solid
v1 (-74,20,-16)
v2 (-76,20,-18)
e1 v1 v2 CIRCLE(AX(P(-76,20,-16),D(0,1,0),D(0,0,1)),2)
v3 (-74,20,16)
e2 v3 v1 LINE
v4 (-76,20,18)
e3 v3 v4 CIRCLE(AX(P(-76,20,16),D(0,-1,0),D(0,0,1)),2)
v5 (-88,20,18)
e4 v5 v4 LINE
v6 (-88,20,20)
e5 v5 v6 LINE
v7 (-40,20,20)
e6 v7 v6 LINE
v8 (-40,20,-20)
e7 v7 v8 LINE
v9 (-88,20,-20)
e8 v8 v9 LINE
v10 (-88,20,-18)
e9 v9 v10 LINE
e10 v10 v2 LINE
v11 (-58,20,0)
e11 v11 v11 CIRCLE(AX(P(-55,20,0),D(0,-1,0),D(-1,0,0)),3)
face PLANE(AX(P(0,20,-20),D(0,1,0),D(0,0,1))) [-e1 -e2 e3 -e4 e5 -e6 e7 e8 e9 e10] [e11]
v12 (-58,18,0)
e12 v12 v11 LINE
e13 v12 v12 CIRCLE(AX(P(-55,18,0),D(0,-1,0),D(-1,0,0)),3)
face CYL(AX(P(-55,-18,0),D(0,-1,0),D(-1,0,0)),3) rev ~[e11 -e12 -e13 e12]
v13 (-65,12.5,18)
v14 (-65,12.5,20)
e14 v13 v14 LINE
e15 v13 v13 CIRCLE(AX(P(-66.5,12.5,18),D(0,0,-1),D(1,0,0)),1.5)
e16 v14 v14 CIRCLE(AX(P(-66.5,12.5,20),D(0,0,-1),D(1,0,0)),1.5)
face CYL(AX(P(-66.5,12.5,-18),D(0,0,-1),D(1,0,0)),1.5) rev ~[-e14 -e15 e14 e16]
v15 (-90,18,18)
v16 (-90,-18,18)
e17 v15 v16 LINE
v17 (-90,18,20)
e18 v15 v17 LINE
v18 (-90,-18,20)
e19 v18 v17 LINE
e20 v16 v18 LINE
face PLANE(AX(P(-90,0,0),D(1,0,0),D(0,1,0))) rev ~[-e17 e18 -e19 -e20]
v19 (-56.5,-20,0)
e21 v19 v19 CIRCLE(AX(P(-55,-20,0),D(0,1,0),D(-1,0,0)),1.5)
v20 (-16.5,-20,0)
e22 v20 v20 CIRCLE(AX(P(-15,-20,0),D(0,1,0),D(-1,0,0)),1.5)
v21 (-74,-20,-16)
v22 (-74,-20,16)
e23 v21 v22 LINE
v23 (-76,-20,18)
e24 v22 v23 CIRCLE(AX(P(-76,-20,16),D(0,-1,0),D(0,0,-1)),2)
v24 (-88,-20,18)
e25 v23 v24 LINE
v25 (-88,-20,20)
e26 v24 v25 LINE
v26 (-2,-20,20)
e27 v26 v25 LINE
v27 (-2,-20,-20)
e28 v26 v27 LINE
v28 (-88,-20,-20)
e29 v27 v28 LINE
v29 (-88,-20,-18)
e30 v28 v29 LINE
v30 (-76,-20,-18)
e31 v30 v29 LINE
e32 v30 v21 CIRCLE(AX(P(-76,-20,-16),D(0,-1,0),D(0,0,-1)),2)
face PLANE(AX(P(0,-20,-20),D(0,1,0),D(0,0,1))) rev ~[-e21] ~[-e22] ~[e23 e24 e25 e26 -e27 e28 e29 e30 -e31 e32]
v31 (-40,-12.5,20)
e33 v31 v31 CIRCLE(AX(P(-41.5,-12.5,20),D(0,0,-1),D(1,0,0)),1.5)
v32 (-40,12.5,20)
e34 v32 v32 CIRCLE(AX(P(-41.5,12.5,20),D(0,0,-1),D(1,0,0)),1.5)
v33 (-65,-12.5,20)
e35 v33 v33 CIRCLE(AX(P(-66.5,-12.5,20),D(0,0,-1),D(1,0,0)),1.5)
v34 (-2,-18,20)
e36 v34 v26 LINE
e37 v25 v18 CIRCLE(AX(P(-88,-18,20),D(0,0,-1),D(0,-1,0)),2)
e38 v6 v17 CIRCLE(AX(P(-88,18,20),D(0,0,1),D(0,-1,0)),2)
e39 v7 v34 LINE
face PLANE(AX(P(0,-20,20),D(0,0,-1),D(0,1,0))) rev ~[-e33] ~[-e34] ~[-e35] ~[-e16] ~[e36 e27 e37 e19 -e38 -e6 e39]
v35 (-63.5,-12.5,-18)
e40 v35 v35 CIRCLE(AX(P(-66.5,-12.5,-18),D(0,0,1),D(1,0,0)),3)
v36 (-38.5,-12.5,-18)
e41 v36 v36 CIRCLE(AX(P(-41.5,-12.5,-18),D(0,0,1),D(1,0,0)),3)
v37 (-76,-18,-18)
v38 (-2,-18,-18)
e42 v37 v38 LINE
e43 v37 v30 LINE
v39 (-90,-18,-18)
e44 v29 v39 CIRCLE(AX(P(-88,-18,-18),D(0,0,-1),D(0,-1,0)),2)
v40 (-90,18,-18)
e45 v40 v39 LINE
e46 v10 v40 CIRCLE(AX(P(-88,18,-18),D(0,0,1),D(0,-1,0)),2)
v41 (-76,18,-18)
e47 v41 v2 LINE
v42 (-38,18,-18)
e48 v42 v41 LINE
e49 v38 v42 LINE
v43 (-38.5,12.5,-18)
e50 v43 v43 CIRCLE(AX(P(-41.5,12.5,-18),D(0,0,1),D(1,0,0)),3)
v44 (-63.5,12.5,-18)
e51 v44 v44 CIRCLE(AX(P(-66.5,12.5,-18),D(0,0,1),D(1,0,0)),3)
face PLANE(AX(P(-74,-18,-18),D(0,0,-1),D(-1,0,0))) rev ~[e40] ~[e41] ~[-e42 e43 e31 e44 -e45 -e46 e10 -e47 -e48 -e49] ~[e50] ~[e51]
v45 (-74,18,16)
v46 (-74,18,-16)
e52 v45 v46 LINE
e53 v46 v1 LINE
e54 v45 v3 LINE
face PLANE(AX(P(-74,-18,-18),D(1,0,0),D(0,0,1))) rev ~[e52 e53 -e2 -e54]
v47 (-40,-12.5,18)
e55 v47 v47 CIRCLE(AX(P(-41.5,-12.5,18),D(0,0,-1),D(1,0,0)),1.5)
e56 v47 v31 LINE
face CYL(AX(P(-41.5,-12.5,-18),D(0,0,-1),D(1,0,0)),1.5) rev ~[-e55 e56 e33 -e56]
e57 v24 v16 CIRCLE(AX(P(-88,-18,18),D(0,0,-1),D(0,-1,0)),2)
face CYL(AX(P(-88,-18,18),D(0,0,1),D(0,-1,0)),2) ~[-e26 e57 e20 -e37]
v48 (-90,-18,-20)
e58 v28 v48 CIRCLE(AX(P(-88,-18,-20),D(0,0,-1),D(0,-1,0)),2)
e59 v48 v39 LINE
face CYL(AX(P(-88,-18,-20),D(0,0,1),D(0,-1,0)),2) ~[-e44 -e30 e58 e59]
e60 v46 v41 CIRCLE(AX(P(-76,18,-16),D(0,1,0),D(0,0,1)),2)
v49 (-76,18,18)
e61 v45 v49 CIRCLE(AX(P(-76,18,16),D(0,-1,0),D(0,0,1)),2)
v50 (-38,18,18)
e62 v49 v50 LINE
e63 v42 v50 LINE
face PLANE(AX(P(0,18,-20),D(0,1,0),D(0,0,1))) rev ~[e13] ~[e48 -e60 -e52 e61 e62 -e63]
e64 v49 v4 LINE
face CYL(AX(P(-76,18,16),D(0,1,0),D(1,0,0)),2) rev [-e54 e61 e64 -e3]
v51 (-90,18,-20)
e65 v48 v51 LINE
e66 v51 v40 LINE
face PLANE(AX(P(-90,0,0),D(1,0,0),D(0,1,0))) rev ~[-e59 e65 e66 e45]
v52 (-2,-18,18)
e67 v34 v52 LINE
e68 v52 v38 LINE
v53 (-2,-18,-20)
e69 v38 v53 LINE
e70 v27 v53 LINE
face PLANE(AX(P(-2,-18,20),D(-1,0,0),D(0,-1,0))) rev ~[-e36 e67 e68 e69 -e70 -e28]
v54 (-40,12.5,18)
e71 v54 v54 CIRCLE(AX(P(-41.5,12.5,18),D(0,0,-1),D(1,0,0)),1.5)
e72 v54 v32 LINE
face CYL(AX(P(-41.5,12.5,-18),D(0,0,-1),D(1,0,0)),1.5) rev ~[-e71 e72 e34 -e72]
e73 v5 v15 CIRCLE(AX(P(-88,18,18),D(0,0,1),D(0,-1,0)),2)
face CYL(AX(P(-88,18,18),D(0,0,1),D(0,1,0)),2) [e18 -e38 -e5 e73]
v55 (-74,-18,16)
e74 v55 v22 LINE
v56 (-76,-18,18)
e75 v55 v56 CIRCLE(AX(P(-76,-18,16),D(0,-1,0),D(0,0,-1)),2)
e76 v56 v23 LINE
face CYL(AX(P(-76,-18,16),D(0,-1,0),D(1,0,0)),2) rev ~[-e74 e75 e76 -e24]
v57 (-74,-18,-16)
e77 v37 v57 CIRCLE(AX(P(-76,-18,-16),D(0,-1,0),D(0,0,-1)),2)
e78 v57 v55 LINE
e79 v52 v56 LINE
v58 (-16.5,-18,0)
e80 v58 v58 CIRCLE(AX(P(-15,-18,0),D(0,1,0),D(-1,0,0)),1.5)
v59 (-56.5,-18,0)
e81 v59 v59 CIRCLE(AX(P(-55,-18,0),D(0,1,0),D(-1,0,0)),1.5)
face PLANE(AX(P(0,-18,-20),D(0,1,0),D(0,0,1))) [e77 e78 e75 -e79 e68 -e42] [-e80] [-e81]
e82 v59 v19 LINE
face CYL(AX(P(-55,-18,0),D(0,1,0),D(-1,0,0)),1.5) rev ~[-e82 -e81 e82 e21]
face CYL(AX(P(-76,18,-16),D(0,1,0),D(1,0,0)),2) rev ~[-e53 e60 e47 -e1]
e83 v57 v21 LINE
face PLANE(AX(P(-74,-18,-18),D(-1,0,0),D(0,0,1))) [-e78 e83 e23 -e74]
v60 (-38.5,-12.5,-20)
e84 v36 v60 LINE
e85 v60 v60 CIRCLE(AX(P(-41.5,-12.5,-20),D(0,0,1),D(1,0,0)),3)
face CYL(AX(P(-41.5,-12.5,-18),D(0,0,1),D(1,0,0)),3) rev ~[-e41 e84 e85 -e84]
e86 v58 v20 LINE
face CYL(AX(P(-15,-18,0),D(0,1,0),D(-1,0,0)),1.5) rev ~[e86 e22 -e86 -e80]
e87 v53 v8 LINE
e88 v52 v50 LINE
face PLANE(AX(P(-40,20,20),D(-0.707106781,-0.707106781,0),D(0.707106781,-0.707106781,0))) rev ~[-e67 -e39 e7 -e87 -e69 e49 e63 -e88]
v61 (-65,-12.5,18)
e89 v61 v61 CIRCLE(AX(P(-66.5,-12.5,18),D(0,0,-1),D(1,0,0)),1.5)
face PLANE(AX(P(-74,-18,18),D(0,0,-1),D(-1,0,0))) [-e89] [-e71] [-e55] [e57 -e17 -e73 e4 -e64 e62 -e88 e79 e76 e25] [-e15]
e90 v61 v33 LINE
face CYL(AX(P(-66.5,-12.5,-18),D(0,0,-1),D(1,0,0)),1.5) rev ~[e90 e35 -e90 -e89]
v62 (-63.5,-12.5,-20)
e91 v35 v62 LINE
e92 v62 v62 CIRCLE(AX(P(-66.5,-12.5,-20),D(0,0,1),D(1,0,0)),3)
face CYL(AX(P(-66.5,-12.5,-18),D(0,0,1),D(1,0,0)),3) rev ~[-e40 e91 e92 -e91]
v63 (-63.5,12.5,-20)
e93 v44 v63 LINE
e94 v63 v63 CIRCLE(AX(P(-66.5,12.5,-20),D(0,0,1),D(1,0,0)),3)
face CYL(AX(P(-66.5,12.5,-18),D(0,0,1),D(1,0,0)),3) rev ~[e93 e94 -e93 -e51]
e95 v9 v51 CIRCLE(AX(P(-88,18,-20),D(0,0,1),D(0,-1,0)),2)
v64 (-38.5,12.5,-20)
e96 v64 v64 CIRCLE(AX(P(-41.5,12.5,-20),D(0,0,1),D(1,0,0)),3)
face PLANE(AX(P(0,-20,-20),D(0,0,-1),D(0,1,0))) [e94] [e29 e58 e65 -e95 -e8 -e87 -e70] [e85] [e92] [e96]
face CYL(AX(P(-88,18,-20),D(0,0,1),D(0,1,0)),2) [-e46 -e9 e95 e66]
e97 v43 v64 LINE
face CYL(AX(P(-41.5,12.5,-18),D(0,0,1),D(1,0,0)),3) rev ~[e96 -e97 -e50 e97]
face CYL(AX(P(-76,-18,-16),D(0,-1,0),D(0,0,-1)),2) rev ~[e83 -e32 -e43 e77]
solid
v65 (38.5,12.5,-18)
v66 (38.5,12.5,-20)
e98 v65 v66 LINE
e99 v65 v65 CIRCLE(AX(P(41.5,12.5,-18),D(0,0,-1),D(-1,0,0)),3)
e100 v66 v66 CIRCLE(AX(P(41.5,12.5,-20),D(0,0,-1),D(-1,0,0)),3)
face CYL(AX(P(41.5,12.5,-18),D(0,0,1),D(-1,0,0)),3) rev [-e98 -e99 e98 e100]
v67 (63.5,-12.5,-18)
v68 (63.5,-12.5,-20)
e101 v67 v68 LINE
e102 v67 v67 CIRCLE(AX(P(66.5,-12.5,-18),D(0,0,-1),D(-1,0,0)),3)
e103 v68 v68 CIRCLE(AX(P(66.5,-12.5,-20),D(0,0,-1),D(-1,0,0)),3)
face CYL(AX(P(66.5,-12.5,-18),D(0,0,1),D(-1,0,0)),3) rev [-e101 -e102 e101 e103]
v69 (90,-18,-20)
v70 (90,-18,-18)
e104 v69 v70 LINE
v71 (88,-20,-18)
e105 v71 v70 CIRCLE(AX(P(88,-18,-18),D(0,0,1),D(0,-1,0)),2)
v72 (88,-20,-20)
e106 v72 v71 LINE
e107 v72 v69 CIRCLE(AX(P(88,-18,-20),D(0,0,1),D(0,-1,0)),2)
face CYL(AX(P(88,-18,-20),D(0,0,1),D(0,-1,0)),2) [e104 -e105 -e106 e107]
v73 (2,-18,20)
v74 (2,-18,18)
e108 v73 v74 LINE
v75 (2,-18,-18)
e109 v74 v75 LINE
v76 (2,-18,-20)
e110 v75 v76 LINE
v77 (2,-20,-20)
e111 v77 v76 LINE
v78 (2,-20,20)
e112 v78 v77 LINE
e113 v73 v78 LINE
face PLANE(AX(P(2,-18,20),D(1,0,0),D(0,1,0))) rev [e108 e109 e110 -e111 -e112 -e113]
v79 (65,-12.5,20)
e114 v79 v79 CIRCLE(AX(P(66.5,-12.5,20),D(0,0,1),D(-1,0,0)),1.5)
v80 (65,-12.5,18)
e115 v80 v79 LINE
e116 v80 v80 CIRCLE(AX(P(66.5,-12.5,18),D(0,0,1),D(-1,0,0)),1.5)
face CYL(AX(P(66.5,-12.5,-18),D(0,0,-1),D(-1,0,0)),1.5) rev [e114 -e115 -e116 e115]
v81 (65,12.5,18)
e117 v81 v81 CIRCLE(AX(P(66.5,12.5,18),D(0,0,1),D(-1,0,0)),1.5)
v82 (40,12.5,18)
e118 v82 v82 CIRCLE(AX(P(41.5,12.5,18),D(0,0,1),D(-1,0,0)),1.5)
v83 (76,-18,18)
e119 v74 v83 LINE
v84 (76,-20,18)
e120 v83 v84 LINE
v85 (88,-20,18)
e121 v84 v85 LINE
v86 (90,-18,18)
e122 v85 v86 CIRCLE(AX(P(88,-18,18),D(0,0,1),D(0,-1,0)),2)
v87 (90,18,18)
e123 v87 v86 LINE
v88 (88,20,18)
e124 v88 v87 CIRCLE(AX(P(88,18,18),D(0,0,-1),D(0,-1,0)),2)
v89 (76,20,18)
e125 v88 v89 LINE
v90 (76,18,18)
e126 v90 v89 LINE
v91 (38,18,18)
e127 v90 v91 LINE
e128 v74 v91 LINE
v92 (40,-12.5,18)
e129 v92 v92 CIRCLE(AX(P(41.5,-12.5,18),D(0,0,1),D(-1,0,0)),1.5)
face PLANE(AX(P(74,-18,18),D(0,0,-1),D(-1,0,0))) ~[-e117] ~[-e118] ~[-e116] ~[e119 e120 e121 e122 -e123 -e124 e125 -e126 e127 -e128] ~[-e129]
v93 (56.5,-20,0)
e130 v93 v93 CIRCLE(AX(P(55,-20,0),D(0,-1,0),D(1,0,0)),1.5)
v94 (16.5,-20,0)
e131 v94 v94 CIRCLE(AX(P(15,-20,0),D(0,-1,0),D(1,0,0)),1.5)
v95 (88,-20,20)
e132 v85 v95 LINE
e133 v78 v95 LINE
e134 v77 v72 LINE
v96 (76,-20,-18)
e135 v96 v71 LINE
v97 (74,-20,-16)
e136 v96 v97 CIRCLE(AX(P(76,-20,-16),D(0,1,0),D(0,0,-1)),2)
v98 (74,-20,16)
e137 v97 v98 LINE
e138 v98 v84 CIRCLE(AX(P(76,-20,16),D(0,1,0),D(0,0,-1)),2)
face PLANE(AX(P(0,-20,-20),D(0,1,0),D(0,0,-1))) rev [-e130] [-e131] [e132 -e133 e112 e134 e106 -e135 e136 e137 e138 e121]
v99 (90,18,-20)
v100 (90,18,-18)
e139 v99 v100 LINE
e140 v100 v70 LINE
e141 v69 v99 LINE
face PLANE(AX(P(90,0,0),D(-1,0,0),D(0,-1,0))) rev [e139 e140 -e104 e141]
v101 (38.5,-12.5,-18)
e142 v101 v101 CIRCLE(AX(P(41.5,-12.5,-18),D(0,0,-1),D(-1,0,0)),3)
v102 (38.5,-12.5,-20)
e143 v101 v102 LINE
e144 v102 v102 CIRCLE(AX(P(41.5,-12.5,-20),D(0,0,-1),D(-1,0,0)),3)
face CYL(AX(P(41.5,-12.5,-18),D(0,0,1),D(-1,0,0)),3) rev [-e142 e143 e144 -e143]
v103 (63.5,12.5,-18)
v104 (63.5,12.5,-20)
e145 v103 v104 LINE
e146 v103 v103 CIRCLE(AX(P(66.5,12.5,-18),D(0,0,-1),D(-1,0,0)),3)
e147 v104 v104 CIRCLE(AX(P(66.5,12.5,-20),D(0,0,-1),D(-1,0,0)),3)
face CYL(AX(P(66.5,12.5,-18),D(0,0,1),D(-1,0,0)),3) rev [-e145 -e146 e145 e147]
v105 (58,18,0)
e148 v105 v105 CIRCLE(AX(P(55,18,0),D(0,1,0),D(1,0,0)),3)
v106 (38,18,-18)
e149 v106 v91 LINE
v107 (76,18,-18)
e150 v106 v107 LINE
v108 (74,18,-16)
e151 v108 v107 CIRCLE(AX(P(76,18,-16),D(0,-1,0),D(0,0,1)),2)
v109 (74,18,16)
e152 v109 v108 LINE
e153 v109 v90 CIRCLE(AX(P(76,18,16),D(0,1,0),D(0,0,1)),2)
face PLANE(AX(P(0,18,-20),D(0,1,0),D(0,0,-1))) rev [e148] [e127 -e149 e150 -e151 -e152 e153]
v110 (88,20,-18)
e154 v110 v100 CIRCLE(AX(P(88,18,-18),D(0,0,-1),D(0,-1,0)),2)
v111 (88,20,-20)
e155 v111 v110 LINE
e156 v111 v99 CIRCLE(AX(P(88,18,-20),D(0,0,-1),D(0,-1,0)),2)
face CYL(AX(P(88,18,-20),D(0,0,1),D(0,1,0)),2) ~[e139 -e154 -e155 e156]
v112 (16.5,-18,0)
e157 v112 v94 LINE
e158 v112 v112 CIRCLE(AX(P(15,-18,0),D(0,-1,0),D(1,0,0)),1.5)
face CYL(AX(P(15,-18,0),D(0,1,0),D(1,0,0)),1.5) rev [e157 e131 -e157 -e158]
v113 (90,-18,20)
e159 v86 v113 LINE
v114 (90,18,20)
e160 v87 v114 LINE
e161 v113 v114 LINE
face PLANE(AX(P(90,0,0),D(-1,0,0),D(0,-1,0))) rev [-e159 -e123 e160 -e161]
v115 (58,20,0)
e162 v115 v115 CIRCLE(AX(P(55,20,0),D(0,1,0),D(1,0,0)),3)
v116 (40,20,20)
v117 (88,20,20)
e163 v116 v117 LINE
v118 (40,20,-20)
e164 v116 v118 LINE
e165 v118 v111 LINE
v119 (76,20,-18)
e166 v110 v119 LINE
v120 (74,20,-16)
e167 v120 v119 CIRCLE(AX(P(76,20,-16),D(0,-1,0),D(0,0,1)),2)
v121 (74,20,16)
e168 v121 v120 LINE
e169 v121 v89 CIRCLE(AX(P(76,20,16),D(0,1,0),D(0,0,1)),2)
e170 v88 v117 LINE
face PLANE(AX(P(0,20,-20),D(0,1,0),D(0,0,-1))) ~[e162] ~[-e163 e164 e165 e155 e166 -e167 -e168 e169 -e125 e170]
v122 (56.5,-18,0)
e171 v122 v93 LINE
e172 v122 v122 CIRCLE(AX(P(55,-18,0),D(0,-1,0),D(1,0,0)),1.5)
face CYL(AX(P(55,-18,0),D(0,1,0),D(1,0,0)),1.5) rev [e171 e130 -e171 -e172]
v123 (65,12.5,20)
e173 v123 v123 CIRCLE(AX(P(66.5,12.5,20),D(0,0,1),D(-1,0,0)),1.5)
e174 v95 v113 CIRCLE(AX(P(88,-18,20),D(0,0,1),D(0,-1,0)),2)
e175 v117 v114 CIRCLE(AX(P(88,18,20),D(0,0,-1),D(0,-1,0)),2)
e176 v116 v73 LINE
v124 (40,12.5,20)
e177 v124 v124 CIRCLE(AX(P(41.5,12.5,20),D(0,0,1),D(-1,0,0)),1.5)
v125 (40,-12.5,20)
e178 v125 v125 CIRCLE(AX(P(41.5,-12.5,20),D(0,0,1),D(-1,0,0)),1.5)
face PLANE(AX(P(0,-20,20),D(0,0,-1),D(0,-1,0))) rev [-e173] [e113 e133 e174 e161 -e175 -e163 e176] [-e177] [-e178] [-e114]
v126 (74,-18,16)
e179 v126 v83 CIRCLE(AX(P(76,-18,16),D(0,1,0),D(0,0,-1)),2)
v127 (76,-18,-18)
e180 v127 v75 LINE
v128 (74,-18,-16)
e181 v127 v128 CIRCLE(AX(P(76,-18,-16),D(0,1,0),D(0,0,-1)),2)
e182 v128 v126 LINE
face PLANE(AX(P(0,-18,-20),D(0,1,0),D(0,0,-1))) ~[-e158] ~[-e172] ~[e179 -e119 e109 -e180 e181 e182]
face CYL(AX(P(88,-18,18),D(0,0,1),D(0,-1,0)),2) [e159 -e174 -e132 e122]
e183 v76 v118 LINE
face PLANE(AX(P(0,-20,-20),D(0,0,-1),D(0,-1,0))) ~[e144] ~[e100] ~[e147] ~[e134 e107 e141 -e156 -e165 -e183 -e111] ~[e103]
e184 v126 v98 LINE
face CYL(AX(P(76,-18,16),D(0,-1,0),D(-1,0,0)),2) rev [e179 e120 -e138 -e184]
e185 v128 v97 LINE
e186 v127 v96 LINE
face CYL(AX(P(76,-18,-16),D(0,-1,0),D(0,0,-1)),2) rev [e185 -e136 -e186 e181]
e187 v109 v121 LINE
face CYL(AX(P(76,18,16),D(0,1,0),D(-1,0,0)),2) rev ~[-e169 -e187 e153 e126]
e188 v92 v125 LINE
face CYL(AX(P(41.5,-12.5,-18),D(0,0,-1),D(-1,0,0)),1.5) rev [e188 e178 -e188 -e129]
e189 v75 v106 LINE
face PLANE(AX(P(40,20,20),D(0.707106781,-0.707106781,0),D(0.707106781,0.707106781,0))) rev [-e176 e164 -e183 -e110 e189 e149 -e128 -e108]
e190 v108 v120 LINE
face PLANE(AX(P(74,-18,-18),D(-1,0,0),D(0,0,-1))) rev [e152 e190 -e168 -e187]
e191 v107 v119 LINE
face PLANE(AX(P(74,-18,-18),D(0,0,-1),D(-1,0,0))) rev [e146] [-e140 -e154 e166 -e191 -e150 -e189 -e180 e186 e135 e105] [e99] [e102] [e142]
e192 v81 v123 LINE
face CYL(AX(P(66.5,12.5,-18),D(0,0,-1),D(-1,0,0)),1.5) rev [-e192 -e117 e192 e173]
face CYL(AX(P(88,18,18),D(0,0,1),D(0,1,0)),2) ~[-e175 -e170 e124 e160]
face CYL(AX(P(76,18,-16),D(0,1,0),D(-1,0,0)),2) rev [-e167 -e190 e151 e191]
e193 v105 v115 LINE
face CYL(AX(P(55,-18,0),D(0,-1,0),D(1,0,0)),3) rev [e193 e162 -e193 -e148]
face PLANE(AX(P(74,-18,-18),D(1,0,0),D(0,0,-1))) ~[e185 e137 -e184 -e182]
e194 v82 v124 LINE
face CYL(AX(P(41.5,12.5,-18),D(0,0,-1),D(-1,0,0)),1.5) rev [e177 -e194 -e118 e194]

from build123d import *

# Parameters (mm, degrees)
F0_W          = 40
F0_H          = 40
F1_DEPTH      = 90
F2_T          = -2
F4_D          = 3
F4_DEPTH      = 40
F4_TIP        = 0.9012909285
F5_D          = 6
F5_DEPTH      = 3
F5_TIP        = 1.8025818571
F7_DEPTH      = 40.001
F8_W          = 16
F8_H          = 36
F9_DEPTH      = 2.001
F9_DEPTH_BACK = 38.001
F10_R         = 2
F11_D         = 3
F11_DEPTH     = 3
F11_TIP       = 0.9012909285
F12_D         = 6
F12_DEPTH     = 40
F12_TIP       = 1.8025818571


with BuildPart() as f1:
    # F0 (on Right) → F1 (new body)
    with BuildSketch(Plane.YZ):
        Rectangle(F0_W, F0_H)
    extrude(amount=-F1_DEPTH)

    # F2
    f2_openings = [f1.faces().sort_by_distance(p)[0] for p in [
        (-90, 0, 0),
        (0, 0, 0),
    ]]
    offset(amount=F2_T, openings=f2_openings)

    # F4 (one way)
    with BuildSketch(Plane(origin=(0, 0, -18), x_dir=(1, 0, 0), z_dir=(0, 0, -1))):
        with Locations((-66.5, -12.5), (-41.5, -12.5), (-66.5, 12.5), (-41.5, 12.5)):
            Circle(F4_D / 2)
    extrude(amount=-F4_DEPTH, mode=Mode.SUBTRACT)
    with Locations(Plane(origin=(0, 0, -18), x_dir=(1, 0, 0), z_dir=(0, 0, -1))):
        with Locations((-66.5, -12.5), (-41.5, -12.5), (-66.5, 12.5), (-41.5, 12.5)):
            with Locations((0, 0, -(F4_DEPTH + F4_TIP / 2))):  # 118° drill point
                Cone(0, F4_D / 2, F4_TIP, mode=Mode.SUBTRACT)

    # F5 (one way)
    with BuildSketch(Plane.XY.offset(-18)):
        with Locations((-66.5, 12.5), (-66.5, -12.5), (-41.5, -12.5), (-41.5, 12.5)):
            Circle(F5_D / 2)
    extrude(amount=-F5_DEPTH, mode=Mode.SUBTRACT)
    with Locations(Plane.XY.offset(-18)):
        with Locations((-66.5, 12.5), (-66.5, -12.5), (-41.5, -12.5), (-41.5, 12.5)):
            with Locations((0, 0, -(F5_DEPTH + F5_TIP / 2))):  # 118° drill point
                Cone(0, F5_D / 2, F5_TIP, mode=Mode.SUBTRACT)

    # F6 (on face) → F7 (cut, through all)
    with BuildSketch(Plane.XY.offset(20)):
        Polygon((-2, -18), (0, -20), (0, 20), (-40, 20), align=None)
        Polygon((-2, -20), (0, -20), (-2, -18), align=None)
    extrude(amount=-F7_DEPTH, mode=Mode.SUBTRACT)

    # F8 (on face) → F9 (cut, two sides)
    with BuildSketch(Plane(origin=(0, -18, 0), x_dir=(-1, 0, 0), z_dir=(0, 1, 0))) as f9_sk:
        with Locations((82, 0)):
            Rectangle(F8_W, F8_H)
    extrude(amount=-F9_DEPTH, mode=Mode.SUBTRACT)
    extrude(f9_sk.sketch, amount=F9_DEPTH_BACK, mode=Mode.SUBTRACT)

    # F10
    f10_edges = [f1.edges().sort_by_distance(p)[0] for p in [
        (-74, -19, 18),
        (-74, 19, 18),
        (-74, 19, -18),
        (-74, -19, -18),
        (-90, 20, 19),
        (-90, -20, 19),
        (-90, -20, -19),
        (-90, 20, -19),
    ]]
    fillet(f10_edges, radius=F10_R)

    # F11 (one way)
    with BuildSketch(Plane(origin=(0, -18, 0), x_dir=(-1, 0, 0), z_dir=(0, 1, 0))):
        with Locations((55, 0), (15, 0)):
            Circle(F11_D / 2)
    extrude(amount=-F11_DEPTH, mode=Mode.SUBTRACT)
    with Locations(Plane(origin=(0, -18, 0), x_dir=(-1, 0, 0), z_dir=(0, 1, 0))):
        with Locations((55, 0), (15, 0)):
            with Locations((0, 0, -(F11_DEPTH + F11_TIP / 2))):  # 118° drill point
                Cone(0, F11_D / 2, F11_TIP, mode=Mode.SUBTRACT)

    # F12 (one way)
    with BuildSketch(Plane(origin=(0, -18, 0), x_dir=(-1, 0, 0), z_dir=(0, -1, 0))):
        with Locations((55, 0)):
            Circle(F12_D / 2)
    extrude(amount=-F12_DEPTH, mode=Mode.SUBTRACT)
    with Locations(Plane(origin=(0, -18, 0), x_dir=(-1, 0, 0), z_dir=(0, -1, 0))):
        with Locations((55, 0)):
            with Locations((0, 0, -(F12_DEPTH + F12_TIP / 2))):  # 118° drill point
                Cone(0, F12_D / 2, F12_TIP, mode=Mode.SUBTRACT)


with BuildPart() as f13_1:
    # F13: instance of F1
    add(f1.part.mirror(Plane.YZ))


solid = Compound([f1.part, f13_1.part])
